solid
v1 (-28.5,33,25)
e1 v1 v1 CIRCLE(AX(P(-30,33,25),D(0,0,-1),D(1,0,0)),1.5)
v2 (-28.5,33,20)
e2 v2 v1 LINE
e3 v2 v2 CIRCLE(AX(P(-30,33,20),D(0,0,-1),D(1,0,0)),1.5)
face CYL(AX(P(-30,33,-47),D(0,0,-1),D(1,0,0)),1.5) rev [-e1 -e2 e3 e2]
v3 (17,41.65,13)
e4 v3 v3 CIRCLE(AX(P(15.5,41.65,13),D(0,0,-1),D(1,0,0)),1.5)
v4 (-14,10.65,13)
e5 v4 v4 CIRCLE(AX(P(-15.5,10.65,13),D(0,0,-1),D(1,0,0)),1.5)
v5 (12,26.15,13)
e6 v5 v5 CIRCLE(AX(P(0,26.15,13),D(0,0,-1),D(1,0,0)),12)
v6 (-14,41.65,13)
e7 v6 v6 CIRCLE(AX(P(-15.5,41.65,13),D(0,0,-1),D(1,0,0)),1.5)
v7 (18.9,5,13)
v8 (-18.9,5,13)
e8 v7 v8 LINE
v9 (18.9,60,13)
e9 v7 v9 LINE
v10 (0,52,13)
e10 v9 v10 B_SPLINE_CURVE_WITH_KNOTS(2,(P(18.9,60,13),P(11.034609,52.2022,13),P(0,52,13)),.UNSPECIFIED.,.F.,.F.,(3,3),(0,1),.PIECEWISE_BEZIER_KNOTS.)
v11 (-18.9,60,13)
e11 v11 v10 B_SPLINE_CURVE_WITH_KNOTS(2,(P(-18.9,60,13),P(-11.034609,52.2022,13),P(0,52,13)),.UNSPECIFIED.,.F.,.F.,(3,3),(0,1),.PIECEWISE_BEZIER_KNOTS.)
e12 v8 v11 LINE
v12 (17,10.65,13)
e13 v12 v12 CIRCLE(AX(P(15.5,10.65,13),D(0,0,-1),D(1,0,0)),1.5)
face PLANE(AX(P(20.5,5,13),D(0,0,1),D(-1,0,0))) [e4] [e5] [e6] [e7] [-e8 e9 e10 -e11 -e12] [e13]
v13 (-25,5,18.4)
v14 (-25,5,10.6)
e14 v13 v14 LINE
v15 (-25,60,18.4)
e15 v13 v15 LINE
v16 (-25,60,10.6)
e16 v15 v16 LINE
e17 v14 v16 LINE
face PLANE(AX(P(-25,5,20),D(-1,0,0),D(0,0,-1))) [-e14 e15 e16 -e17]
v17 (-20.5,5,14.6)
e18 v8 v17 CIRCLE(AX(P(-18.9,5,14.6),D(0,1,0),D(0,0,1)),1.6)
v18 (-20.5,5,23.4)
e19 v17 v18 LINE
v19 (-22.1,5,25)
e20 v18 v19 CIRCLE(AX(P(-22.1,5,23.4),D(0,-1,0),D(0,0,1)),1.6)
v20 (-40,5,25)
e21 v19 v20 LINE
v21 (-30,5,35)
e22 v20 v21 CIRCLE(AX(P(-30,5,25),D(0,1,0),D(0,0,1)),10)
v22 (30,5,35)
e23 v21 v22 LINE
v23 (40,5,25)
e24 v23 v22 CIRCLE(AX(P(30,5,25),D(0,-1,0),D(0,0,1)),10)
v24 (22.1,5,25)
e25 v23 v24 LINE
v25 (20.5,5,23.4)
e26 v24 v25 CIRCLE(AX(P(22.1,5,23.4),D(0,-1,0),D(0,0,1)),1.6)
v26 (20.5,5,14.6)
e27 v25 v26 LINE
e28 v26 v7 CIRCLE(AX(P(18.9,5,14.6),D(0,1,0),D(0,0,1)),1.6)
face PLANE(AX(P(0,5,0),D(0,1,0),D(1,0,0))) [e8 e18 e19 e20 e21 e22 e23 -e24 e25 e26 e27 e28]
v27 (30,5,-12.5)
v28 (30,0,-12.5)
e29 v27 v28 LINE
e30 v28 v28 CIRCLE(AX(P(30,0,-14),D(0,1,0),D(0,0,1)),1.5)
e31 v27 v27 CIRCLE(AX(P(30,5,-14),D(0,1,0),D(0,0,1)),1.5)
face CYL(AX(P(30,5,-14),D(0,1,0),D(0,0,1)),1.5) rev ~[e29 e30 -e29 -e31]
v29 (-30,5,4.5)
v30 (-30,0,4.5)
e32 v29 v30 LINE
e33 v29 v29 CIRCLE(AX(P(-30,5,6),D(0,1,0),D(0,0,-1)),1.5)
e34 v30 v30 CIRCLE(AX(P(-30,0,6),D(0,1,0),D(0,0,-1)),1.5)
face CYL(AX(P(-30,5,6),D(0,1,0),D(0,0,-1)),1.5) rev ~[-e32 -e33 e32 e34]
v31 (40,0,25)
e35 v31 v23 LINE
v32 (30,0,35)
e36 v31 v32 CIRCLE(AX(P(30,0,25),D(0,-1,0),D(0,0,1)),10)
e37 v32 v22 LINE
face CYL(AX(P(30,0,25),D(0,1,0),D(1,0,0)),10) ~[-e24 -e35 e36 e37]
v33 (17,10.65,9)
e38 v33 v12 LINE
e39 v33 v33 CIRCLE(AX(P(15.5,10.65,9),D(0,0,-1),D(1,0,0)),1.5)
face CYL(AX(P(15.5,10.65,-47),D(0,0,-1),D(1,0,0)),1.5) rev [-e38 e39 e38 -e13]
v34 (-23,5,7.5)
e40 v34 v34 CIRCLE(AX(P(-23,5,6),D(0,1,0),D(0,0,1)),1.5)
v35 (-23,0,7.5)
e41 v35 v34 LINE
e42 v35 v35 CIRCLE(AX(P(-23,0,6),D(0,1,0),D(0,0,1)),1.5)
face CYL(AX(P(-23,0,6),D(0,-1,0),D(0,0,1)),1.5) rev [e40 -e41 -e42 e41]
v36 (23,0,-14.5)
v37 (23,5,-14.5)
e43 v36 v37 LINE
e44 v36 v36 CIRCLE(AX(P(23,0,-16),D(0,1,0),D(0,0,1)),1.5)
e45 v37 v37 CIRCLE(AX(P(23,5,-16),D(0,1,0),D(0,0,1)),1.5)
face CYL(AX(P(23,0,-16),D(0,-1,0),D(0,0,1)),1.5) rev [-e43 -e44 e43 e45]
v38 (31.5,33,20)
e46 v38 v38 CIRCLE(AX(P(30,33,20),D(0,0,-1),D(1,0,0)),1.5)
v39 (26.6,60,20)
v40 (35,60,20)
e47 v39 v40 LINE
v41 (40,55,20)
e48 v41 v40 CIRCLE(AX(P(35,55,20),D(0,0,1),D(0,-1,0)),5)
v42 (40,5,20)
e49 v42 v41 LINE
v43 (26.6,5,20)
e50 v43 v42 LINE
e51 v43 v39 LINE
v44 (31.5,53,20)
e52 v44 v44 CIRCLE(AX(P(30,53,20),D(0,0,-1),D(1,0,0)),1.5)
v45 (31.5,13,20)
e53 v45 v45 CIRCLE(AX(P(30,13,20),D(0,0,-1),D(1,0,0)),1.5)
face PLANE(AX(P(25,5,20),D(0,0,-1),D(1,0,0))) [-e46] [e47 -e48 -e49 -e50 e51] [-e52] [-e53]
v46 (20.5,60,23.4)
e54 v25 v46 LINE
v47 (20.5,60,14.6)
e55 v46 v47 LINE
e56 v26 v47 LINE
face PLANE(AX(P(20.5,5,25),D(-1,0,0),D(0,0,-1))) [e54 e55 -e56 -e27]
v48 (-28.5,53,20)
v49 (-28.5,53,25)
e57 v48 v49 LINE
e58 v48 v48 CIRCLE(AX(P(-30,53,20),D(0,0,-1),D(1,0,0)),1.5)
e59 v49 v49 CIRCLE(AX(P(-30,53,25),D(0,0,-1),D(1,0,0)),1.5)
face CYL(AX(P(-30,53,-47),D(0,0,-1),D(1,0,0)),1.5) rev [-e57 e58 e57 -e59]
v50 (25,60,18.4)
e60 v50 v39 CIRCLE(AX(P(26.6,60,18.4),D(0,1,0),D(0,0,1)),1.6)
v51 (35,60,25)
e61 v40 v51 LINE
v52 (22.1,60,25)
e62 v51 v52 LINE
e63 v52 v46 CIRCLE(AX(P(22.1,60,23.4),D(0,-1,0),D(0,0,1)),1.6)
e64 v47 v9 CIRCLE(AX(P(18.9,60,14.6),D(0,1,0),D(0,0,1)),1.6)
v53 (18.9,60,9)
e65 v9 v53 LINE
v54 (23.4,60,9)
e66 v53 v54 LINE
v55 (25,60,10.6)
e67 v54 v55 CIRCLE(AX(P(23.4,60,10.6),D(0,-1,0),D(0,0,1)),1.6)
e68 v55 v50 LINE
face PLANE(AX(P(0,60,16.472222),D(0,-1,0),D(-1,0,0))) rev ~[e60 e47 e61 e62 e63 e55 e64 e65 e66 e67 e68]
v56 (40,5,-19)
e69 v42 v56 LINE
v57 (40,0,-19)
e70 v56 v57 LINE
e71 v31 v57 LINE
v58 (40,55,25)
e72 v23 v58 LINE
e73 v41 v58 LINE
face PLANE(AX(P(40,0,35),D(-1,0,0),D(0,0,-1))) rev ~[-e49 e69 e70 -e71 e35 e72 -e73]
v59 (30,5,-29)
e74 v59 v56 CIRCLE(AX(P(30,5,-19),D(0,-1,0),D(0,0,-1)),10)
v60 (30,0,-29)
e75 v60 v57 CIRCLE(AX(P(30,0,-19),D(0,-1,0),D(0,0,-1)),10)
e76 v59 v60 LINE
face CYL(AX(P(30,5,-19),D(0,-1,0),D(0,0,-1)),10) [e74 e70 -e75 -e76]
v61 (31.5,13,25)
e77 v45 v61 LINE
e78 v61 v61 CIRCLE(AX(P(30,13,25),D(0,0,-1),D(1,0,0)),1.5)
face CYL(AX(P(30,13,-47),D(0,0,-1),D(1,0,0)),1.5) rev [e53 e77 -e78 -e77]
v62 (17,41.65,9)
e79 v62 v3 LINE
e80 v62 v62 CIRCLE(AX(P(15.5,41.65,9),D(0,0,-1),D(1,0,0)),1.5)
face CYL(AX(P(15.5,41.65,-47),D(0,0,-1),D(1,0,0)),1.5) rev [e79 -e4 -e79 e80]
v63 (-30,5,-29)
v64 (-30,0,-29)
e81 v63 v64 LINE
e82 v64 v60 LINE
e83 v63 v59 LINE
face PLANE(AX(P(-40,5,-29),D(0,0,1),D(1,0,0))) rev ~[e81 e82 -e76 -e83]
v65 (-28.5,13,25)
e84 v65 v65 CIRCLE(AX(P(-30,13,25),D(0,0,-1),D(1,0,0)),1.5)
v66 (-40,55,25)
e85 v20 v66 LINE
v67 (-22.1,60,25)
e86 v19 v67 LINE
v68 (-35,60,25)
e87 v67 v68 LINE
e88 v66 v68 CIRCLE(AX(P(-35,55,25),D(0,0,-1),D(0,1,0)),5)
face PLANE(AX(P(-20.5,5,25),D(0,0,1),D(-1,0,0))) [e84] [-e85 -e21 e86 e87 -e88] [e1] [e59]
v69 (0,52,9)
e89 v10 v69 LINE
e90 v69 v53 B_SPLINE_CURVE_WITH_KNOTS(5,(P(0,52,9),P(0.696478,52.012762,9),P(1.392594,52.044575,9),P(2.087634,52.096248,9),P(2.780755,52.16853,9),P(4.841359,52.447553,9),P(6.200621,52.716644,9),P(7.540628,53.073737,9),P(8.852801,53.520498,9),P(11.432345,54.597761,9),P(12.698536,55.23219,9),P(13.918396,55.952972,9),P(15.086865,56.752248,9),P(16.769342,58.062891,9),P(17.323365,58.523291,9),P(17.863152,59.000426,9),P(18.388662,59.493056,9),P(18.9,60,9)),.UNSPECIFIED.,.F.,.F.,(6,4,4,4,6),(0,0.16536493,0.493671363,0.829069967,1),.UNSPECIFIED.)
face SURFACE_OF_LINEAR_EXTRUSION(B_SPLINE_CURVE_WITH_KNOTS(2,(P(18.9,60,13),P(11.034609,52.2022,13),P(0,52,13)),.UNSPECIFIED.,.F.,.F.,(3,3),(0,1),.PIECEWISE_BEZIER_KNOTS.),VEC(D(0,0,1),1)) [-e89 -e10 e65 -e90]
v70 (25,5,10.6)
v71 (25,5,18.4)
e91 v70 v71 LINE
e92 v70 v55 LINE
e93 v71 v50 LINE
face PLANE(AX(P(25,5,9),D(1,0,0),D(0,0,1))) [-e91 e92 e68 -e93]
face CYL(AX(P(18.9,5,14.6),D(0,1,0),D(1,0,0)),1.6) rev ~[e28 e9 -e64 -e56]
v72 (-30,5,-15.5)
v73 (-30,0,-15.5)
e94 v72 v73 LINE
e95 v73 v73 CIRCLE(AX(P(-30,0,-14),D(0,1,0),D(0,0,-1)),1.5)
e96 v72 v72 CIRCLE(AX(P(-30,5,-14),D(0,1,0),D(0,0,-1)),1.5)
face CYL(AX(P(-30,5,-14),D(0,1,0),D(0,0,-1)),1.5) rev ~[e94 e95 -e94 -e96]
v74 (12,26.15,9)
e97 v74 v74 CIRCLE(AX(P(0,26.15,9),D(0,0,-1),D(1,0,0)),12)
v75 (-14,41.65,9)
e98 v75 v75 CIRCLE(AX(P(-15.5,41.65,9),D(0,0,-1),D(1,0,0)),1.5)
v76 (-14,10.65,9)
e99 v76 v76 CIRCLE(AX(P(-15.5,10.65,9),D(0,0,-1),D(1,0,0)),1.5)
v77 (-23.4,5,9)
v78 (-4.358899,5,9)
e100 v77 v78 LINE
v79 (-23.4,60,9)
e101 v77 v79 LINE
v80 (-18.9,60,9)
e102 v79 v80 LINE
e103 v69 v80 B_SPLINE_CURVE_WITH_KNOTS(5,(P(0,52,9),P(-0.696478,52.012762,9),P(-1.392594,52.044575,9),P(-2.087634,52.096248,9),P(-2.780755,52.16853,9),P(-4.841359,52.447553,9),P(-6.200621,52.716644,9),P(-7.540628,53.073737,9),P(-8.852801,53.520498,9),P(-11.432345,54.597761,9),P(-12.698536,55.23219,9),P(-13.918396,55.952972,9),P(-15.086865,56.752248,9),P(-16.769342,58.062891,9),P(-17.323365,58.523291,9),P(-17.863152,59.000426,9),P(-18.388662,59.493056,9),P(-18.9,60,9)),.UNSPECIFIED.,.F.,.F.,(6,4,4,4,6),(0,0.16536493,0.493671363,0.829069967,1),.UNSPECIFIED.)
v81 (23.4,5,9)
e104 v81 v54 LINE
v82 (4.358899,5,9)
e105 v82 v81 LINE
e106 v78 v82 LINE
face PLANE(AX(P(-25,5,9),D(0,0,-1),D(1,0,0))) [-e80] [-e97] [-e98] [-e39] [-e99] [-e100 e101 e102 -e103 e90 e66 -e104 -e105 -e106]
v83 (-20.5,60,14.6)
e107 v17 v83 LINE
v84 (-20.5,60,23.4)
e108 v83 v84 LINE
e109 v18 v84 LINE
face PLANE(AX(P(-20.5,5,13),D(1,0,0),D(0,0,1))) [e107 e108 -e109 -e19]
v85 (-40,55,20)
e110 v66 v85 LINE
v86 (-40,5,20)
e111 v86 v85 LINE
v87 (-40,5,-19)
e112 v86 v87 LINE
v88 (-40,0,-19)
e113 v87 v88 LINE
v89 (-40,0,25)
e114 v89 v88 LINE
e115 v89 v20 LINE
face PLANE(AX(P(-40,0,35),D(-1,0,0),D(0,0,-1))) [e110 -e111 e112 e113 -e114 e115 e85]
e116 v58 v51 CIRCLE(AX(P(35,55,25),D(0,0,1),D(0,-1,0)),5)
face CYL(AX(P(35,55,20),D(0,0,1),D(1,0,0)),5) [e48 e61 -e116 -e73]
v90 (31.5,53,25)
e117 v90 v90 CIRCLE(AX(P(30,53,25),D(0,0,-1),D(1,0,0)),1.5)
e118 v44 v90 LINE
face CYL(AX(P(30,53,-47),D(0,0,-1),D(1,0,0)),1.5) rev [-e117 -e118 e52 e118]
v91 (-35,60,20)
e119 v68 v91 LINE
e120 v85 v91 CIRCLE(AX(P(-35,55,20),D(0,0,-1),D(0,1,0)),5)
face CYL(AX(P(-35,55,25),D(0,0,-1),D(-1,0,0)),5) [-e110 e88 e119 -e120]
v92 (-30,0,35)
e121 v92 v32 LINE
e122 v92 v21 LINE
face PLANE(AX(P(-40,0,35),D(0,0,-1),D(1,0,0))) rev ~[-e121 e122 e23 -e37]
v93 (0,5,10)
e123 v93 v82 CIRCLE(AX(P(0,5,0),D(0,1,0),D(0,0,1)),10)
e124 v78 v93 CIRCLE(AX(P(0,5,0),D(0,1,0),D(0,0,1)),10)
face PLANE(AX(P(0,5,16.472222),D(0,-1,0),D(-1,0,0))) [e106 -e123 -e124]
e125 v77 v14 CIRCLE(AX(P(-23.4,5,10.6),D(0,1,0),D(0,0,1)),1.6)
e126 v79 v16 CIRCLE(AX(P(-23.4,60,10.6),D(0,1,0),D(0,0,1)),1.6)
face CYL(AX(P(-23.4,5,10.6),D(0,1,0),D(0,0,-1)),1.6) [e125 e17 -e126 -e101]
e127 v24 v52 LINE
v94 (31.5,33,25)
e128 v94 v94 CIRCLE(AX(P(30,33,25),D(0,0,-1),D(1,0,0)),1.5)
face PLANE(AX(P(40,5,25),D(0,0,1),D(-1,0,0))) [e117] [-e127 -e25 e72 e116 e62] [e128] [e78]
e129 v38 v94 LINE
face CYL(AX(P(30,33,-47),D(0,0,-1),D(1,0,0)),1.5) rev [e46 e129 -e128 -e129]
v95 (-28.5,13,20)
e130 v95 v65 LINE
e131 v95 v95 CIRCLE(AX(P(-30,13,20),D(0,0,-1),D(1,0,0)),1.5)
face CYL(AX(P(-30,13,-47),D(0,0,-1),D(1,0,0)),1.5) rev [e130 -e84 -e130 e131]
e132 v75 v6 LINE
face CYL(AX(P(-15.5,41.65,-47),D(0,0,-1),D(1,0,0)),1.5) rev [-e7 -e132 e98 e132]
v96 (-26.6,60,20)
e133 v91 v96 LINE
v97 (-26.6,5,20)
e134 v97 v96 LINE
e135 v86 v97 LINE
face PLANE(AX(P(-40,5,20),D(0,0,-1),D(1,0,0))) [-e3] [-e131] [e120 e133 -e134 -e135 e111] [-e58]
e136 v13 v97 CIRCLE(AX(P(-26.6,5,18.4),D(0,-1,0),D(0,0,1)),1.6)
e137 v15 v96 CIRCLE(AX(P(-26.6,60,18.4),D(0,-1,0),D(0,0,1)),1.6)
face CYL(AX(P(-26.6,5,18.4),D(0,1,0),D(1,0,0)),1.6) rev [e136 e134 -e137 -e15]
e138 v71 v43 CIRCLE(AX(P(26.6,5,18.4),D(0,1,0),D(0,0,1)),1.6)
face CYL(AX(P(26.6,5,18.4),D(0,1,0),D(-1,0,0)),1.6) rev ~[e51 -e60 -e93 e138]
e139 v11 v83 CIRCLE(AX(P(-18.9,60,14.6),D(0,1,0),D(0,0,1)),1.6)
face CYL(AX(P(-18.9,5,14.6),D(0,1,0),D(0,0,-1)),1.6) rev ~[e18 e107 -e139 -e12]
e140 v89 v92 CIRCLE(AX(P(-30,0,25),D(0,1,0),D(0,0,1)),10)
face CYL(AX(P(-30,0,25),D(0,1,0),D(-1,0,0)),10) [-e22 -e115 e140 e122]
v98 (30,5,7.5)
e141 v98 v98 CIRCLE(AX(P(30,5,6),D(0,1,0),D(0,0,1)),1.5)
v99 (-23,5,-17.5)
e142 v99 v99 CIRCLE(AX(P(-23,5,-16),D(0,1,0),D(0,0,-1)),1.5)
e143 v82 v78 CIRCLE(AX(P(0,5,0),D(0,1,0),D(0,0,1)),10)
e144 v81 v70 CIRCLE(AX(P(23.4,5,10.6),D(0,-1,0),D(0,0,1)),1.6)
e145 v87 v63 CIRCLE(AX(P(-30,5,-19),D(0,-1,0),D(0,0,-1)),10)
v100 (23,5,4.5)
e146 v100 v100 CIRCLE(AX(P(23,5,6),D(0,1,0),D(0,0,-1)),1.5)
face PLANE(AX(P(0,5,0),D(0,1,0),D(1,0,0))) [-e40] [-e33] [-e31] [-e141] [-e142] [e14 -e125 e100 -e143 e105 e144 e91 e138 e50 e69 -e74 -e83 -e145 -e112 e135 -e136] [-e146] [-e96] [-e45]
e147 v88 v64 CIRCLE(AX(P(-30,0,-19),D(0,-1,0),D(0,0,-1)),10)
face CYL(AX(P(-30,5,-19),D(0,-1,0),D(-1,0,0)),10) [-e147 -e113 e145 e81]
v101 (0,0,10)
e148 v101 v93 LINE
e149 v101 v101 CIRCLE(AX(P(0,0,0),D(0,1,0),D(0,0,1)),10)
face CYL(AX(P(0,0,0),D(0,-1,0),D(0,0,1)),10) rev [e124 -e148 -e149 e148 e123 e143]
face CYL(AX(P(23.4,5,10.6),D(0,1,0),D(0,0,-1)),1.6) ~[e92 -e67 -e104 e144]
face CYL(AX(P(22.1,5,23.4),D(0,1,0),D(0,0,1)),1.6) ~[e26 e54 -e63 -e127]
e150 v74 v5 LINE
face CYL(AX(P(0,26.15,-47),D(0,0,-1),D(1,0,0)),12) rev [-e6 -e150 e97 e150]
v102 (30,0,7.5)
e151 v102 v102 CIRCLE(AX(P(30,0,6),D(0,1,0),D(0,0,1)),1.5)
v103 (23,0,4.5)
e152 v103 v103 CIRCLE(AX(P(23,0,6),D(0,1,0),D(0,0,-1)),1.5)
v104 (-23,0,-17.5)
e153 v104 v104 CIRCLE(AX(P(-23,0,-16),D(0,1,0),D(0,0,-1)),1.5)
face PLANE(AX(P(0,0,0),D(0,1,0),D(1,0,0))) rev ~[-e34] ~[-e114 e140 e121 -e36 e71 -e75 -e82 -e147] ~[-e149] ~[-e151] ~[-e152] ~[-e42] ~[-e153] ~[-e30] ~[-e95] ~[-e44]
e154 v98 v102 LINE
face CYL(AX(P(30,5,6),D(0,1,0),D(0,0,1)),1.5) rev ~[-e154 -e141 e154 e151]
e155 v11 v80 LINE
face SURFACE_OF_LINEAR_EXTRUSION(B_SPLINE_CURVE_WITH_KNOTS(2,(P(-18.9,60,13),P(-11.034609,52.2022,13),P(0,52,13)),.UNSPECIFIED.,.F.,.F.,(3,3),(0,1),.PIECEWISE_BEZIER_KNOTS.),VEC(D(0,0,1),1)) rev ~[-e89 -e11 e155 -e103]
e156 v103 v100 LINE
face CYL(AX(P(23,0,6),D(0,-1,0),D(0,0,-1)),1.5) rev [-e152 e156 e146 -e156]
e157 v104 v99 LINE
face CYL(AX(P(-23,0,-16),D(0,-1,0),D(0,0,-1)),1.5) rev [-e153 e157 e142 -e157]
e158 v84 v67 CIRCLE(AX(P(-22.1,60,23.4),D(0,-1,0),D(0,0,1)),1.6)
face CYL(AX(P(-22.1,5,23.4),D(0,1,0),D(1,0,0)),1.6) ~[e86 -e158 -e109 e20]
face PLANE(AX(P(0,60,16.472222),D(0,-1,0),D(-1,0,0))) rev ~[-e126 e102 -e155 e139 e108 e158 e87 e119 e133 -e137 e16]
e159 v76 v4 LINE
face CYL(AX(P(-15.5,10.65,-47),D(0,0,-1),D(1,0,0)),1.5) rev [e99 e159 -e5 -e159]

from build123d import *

# Parameters (mm, degrees)
SKETCH_1_W               = 80
SKETCH_1_H               = 70
SKETCH_1_R               = 10
SKETCH_1_R_2             = 1.5
EXTRUDE_1_DEPTH          = 5
EXTRUDE_2_DEPTH          = 55
CUT_EXTRUDE_1_DEPTH      = 60
CUT_EXTRUDE_1_DEPTH_BACK = 60
SKETCH_3_R               = 12
SKETCH_3_R_2             = 1.5
FILLET_3_R               = 1.6
SKETCH_4_R               = 1.5
CUT_EXTRUDE_2_DEPTH      = 10
SKETCH_5_W               = 80
SKETCH_5_H               = 6
CUT_EXTRUDE_3_DEPTH      = 10
FILLET_4_R               = 10
CUT_EXTRUDE_4_DEPTH      = 10
FILLET_5_R               = 5


with BuildPart() as part:
    # 草图1 → 凸台-拉伸1 (new body)
    with BuildSketch(Plane(origin=(0, 0, 0), x_dir=(1, 0, 0), z_dir=(0, 1, 0))):
        Rectangle(SKETCH_1_W, SKETCH_1_H)
        with Locations(Location((0, 0, 0), (0, 0, 270))):
            Circle(SKETCH_1_R, mode=Mode.SUBTRACT)
        with Locations(Location((23, 16, 0), (0, 0, 270))):
            Circle(SKETCH_1_R_2, mode=Mode.SUBTRACT)
        with Locations(Location((23, -6, 0), (0, 0, 90))):
            Circle(SKETCH_1_R_2, mode=Mode.SUBTRACT)
        with Locations(Location((-23, -6, 0), (0, 0, 270))):
            Circle(SKETCH_1_R_2, mode=Mode.SUBTRACT)
        with Locations(Location((-23, 16, 0), (0, 0, 90))):
            Circle(SKETCH_1_R_2, mode=Mode.SUBTRACT)
    extrude(amount=EXTRUDE_1_DEPTH)

    # 草图2 → 凸台-拉伸2 (add)
    with BuildSketch(Plane(origin=(0, 5, 0), x_dir=(1, 0, 0), z_dir=(0, 1, 0))):
        Polygon((-25, -9), (25, -9), (25, -20), (40, -20), (40, -25), (20.5, -25), (20.5, -13), (-20.5, -13), (-20.5, -25), (-40, -25), (-40, -20), (-25, -20), align=None)
    extrude(amount=EXTRUDE_2_DEPTH)

    # 草图3 → 切除-拉伸1 (cut, two sides: drawn at the far end of the back side and taken through both)
    with BuildSketch(Plane.XY.offset(13).offset(-CUT_EXTRUDE_1_DEPTH_BACK)):
        with Locations((0, 26.15)):
            Circle(SKETCH_3_R)
        with Locations((15.5, 41.65)):
            Circle(SKETCH_3_R_2)
        with Locations((15.5, 10.65)):
            Circle(SKETCH_3_R_2)
        with Locations((-15.5, 10.65)):
            Circle(SKETCH_3_R_2)
        with Locations((-15.5, 41.65)):
            Circle(SKETCH_3_R_2)
        with Locations((-30, 13)):
            Circle(SKETCH_3_R_2)
        with Locations((-30, 33)):
            Circle(SKETCH_3_R_2)
        with Locations((-30, 53)):
            Circle(SKETCH_3_R_2)
        with Locations((30, 53)):
            Circle(SKETCH_3_R_2)
        with Locations((30, 33)):
            Circle(SKETCH_3_R_2)
        with Locations((30, 13)):
            Circle(SKETCH_3_R_2)
    extrude(amount=CUT_EXTRUDE_1_DEPTH + CUT_EXTRUDE_1_DEPTH_BACK, mode=Mode.SUBTRACT)

    # 圆角3
    fillet_3_edges = [part.edges().sort_by_distance(p)[0] for p in [
        (25, 32.5, 20),
        (25, 32.5, 9),
        (-25, 32.5, 9),
        (-25, 32.5, 20),
        (-20.5, 32.5, 25),
        (-20.5, 32.5, 13),
        (20.5, 32.5, 13),
        (20.5, 32.5, 25),
    ]]
    fillet(fillet_3_edges, radius=FILLET_3_R)

    # 草图4 → 切除-拉伸2 (cut)
    with BuildSketch(Plane(origin=(0, 5, 0), x_dir=(1, 0, 0), z_dir=(0, 1, 0))):
        with Locations(Location((30, 14, 0), (0, 0, 270))):
            Circle(SKETCH_4_R)
        with Locations(Location((30, -6, 0), (0, 0, 270))):
            Circle(SKETCH_4_R)
        with Locations(Location((-30, -6, 0), (0, 0, 90))):
            Circle(SKETCH_4_R)
        with Locations(Location((-30, 14, 0), (0, 0, 90))):
            Circle(SKETCH_4_R)
    extrude(amount=-CUT_EXTRUDE_2_DEPTH, mode=Mode.SUBTRACT)

    # 草图5 → 切除-拉伸3 (cut)
    with BuildSketch(Plane(origin=(0, 5, 0), x_dir=(1, 0, 0), z_dir=(0, 1, 0))):
        with Locations((0, 32)):
            Rectangle(SKETCH_5_W, SKETCH_5_H)
    extrude(amount=-CUT_EXTRUDE_3_DEPTH, mode=Mode.SUBTRACT)

    # 圆角4
    fillet_4_edges = [part.edges().sort_by_distance(p)[0] for p in [
        (-40, 2.5, -29),
        (40, 2.5, -29),
        (40, 2.5, 35),
        (-40, 2.5, 35),
    ]]
    fillet(fillet_4_edges, radius=FILLET_4_R)

    # 草图6 → 切除-拉伸4 (cut)
    with BuildSketch(Plane.XY.offset(13)):
        with BuildLine():
            Line((18.9, 60), (-18.9, 60))
            add(Edge.make_bspline(
                [(-18.9, 60), (-11.034609478, 52.202200448), (0, 52)],
                knots=[0, 0, 0, 1, 1, 1], degree=2))
            add(Edge.make_bspline(
                [(18.9, 60), (11.034609478, 52.202200448), (0, 52)],
                knots=[0, 0, 0, 1, 1, 1], degree=2))
        make_face()
    extrude(amount=-CUT_EXTRUDE_4_DEPTH, mode=Mode.SUBTRACT)

    # 圆角5
    fillet_5_edges = [part.edges().sort_by_distance(p)[0] for p in [
        (-40, 60, 22.5),
        (40, 60, 22.5),
    ]]
    fillet(fillet_5_edges, radius=FILLET_5_R)


solid = part.part
